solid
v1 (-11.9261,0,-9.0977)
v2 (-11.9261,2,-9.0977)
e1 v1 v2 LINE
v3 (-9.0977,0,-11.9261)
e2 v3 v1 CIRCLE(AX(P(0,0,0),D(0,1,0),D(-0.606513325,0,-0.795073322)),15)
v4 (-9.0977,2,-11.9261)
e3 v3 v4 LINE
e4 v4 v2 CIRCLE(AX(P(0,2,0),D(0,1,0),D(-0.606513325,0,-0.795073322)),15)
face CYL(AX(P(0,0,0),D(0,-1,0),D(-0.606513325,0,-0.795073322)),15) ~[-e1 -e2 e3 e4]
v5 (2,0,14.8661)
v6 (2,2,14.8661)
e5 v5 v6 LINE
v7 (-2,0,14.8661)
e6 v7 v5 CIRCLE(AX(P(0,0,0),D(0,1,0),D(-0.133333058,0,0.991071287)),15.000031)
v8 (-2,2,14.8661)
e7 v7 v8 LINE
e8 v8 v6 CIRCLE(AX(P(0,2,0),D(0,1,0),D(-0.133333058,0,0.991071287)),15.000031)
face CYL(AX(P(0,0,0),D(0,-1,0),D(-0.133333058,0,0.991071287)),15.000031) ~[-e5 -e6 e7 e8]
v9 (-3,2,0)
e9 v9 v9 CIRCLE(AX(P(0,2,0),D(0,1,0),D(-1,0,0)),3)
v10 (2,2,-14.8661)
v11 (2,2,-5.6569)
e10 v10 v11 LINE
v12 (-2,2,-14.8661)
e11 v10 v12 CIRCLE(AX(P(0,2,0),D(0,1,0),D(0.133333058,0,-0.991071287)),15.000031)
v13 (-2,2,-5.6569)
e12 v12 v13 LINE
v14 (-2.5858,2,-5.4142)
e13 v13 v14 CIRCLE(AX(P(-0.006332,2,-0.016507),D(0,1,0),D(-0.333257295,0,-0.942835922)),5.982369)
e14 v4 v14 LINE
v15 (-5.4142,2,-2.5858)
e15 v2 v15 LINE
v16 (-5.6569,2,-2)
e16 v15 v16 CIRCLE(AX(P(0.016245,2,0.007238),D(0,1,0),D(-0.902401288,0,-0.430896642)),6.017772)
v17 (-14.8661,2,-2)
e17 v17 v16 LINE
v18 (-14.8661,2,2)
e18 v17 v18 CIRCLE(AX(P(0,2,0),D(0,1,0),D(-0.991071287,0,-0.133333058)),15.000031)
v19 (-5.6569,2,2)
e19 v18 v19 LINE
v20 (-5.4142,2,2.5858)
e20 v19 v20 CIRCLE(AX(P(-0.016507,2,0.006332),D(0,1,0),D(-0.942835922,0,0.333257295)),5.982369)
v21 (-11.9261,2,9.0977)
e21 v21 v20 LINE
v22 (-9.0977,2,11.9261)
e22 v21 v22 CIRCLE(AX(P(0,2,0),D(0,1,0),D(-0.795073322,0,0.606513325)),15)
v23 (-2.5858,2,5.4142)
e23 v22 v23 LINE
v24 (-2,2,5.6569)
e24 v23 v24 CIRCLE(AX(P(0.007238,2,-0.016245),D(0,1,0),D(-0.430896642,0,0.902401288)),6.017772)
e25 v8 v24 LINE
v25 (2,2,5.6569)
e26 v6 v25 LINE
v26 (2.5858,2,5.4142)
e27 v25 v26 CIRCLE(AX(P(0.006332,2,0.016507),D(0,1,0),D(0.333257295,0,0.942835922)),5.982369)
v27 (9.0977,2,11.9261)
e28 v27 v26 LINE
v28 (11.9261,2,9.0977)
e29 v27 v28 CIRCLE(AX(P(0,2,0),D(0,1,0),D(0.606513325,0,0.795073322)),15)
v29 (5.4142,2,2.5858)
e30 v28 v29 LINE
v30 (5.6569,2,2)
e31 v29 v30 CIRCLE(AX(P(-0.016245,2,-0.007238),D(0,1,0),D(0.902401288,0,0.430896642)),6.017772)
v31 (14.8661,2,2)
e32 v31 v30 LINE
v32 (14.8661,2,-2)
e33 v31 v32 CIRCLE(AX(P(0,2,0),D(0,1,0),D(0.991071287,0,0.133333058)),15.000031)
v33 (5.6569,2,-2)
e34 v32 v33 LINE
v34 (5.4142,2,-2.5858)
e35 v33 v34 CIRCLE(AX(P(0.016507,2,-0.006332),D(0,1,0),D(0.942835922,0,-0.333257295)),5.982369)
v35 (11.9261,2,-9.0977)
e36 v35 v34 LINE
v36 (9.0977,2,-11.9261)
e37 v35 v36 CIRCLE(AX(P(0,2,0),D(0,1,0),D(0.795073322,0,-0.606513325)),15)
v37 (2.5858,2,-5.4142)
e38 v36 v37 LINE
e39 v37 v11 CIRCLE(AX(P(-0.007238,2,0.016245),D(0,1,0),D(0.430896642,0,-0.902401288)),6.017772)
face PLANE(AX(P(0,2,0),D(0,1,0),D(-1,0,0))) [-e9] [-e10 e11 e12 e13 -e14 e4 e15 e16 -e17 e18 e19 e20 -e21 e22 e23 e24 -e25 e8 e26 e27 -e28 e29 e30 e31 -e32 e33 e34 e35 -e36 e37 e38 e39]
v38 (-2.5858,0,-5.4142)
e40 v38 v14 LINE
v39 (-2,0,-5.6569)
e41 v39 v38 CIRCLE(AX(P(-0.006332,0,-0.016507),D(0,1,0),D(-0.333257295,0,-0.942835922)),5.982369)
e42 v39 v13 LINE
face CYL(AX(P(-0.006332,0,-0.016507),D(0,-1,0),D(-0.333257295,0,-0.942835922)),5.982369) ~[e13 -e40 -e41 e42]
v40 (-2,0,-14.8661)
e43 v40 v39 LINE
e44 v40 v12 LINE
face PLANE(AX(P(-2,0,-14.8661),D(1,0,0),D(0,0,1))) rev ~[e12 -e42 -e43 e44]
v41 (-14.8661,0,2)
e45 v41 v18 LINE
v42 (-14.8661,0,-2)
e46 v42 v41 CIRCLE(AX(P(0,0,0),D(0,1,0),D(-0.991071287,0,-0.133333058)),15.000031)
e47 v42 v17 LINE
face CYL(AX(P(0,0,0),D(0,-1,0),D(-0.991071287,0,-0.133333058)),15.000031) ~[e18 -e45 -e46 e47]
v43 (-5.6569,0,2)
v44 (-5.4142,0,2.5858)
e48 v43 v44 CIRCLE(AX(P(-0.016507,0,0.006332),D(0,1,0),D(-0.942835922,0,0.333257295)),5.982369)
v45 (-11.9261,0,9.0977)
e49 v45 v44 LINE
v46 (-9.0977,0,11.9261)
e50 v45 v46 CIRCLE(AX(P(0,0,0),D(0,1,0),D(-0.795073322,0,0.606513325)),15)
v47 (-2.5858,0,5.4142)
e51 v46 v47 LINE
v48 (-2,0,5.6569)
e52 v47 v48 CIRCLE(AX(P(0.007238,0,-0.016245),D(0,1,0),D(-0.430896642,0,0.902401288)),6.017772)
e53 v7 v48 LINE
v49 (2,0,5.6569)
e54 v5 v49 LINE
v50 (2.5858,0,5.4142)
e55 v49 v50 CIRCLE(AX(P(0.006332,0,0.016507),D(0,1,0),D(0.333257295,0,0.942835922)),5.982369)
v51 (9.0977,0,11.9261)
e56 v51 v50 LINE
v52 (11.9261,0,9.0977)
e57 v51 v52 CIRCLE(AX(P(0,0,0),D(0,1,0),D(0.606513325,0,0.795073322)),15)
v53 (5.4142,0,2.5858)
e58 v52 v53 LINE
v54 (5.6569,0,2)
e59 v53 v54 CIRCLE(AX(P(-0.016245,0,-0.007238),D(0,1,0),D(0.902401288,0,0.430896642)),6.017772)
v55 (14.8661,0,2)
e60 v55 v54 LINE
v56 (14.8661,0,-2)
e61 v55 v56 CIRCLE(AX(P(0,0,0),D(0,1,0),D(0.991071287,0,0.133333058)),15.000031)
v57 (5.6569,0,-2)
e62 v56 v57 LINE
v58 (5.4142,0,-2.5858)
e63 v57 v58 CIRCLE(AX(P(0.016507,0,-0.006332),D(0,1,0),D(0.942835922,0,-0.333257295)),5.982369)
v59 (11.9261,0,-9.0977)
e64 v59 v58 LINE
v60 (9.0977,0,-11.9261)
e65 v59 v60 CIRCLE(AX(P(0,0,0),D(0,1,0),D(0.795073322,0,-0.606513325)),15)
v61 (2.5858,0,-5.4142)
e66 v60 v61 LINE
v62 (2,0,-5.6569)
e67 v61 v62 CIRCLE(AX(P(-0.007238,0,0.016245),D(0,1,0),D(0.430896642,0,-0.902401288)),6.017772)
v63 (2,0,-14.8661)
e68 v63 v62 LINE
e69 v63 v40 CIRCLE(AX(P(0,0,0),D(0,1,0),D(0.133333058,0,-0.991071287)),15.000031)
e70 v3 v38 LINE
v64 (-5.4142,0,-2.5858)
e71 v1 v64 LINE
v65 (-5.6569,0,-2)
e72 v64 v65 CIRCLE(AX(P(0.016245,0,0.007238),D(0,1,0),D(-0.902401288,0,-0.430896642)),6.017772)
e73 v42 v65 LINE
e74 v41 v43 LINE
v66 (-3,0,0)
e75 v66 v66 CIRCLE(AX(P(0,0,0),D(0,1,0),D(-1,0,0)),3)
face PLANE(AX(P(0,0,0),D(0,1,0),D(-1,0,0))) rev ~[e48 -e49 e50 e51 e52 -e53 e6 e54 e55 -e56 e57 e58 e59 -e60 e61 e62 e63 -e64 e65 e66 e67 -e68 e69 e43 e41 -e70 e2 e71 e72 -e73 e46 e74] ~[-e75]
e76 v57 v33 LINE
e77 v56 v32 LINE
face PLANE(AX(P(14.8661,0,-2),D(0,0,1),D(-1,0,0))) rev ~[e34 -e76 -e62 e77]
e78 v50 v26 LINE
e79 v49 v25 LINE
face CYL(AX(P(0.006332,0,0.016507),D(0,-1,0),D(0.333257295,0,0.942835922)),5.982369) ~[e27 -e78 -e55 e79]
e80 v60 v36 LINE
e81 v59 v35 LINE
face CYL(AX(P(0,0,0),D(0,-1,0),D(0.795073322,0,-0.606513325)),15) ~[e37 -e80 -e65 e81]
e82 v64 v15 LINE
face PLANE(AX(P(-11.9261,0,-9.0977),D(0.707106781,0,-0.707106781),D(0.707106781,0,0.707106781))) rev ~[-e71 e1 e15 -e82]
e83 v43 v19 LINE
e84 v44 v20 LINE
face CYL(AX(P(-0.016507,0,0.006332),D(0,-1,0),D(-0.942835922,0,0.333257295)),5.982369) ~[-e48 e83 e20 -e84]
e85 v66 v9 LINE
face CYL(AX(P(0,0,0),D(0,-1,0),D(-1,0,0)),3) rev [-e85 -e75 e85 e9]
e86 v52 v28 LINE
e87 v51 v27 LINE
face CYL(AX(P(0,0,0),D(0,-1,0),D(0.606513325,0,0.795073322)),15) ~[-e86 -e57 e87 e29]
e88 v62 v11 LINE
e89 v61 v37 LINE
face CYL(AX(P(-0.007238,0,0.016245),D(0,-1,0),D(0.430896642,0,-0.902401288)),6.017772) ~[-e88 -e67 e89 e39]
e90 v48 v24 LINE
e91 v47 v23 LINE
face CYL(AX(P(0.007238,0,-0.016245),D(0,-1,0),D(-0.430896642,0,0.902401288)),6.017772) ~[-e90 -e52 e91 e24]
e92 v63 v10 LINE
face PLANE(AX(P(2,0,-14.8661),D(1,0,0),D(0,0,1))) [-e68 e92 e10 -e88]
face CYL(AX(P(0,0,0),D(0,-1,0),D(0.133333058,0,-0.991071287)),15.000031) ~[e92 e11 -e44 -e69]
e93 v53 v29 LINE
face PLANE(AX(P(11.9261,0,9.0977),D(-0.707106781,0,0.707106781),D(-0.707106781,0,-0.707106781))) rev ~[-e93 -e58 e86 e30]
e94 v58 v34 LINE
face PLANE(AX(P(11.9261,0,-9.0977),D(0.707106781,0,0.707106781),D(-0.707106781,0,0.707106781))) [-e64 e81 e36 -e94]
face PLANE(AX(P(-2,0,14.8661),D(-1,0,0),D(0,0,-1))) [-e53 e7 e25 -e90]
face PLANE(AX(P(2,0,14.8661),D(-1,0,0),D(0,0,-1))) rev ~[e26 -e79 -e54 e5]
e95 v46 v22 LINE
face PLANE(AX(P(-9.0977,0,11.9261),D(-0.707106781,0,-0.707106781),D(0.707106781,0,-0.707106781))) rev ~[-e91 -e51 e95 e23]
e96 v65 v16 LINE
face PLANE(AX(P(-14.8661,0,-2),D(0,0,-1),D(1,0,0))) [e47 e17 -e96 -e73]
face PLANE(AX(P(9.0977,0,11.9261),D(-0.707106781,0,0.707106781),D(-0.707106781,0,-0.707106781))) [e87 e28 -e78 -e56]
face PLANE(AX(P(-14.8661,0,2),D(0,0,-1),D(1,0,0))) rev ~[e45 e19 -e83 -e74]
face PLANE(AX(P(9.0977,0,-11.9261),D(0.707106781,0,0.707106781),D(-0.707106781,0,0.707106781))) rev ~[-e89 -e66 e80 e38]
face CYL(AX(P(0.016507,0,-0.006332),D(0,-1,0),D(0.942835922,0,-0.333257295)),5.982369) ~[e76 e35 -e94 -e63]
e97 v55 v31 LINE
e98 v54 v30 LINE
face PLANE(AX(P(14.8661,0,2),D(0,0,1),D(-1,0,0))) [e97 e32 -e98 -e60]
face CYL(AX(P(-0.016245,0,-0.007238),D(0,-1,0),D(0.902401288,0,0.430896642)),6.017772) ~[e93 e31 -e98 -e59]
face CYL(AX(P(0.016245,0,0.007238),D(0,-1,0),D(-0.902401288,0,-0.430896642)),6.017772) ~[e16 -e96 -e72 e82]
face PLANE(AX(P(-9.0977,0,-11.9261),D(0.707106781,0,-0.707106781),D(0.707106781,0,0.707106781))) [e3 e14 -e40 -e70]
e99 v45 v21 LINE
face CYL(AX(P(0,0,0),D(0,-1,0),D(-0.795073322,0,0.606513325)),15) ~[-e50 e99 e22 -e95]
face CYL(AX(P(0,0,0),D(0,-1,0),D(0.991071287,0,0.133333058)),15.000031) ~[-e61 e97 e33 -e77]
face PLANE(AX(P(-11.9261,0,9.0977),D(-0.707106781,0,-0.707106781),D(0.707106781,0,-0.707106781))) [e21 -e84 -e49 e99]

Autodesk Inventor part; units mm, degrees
ref_plane "YZ Plane" through (0, 0, 0) normal (1, 0, 0) x (0, 1, 0)
ref_plane "XZ Plane" through (0, 0, 0) normal (0, 1, 0) x (-1, 0, 0)
ref_plane "XY Plane" through (0, 0, 0) normal (0, 0, 1) x (1, 0, 0)
sketch "Sketch1" plane through (0, 0, 0) normal (0, 1, 0) x (-1, 0, 0)
  circle A0 centre (0, 0) radius 3
  circle A1 centre (0, 0) radius 15 construction
  line L0 (14.8661, 2) -> (5.6569, 2)
  line L1 (14.8661, -2) -> (5.6569, -2)
  arc A2 (14.8661, -2) -> (14.8661, 2) centre (0, 0) ccw
  line L2 (9.0977, 11.9261) -> (2.5858, 5.4142)
  arc A3 (11.9261, 9.0977) -> (9.0977, 11.9261) centre (0, 0) ccw
  line L3 (11.9261, 9.0977) -> (5.4142, 2.5858)
  line L4 (-2, 14.8661) -> (-2, 5.6569)
  arc A4 (2, 14.8661) -> (-2, 14.8661) centre (0, 0) ccw
  line L5 (2, 14.8661) -> (2, 5.6569)
  line L6 (-11.9261, 9.0977) -> (-5.4142, 2.5858)
  arc A5 (-9.0977, 11.9261) -> (-11.9261, 9.0977) centre (0, 0) ccw
  line L7 (-9.0977, 11.9261) -> (-2.5858, 5.4142)
  line L8 (-14.8661, -2) -> (-5.6569, -2)
  arc A6 (-14.8661, 2) -> (-14.8661, -2) centre (0, 0) ccw
  line L9 (-14.8661, 2) -> (-5.6569, 2)
  line L10 (-9.0977, -11.9261) -> (-2.5858, -5.4142)
  arc A7 (-11.9261, -9.0977) -> (-9.0977, -11.9261) centre (0, 0) ccw
  line L11 (-11.9261, -9.0977) -> (-5.4142, -2.5858)
  line L12 (2, -14.8661) -> (2, -5.6569)
  arc A8 (-2, -14.8661) -> (2, -14.8661) centre (0, 0) ccw
  line L13 (-2, -14.8661) -> (-2, -5.6569)
  line L14 (11.9261, -9.0977) -> (5.4142, -2.5858)
  arc A9 (9.0977, -11.9261) -> (11.9261, -9.0977) centre (0, 0) ccw
  line L15 (9.0977, -11.9261) -> (2.5858, -5.4142)
  arc A10 (5.4142, -2.5858) -> (5.6569, -2) centre (0, 0) ccw
  arc A11 (2, -5.6569) -> (2.5858, -5.4142) centre (0, 0) ccw
  arc A12 (-2.5858, -5.4142) -> (-2, -5.6569) centre (0, 0) ccw
  arc A13 (-5.6569, -2) -> (-5.4142, -2.5858) centre (0, 0) ccw
  arc A14 (-5.4142, 2.5858) -> (-5.6569, 2) centre (0, 0) ccw
  arc A15 (-2, 5.6569) -> (-2.5858, 5.4142) centre (0, 0) ccw
  arc A16 (5.6569, 2) -> (5.4142, 2.5858) centre (0, 0) ccw
  arc A17 (2.5858, 5.4142) -> (2, 5.6569) centre (0, 0) ccw
  circle A18 centre (0, 0) radius 6 construction
  dimension "d8" = 12
  dimension "d0" = 6
  dimension "d1" = 30
  dimension "d3" = 4
  dimension "d6" = 360
extrude "Extrusion1" add sketch "Sketch1" along normal blind 2
properties part number "Tooth Disc" material "Steel"
